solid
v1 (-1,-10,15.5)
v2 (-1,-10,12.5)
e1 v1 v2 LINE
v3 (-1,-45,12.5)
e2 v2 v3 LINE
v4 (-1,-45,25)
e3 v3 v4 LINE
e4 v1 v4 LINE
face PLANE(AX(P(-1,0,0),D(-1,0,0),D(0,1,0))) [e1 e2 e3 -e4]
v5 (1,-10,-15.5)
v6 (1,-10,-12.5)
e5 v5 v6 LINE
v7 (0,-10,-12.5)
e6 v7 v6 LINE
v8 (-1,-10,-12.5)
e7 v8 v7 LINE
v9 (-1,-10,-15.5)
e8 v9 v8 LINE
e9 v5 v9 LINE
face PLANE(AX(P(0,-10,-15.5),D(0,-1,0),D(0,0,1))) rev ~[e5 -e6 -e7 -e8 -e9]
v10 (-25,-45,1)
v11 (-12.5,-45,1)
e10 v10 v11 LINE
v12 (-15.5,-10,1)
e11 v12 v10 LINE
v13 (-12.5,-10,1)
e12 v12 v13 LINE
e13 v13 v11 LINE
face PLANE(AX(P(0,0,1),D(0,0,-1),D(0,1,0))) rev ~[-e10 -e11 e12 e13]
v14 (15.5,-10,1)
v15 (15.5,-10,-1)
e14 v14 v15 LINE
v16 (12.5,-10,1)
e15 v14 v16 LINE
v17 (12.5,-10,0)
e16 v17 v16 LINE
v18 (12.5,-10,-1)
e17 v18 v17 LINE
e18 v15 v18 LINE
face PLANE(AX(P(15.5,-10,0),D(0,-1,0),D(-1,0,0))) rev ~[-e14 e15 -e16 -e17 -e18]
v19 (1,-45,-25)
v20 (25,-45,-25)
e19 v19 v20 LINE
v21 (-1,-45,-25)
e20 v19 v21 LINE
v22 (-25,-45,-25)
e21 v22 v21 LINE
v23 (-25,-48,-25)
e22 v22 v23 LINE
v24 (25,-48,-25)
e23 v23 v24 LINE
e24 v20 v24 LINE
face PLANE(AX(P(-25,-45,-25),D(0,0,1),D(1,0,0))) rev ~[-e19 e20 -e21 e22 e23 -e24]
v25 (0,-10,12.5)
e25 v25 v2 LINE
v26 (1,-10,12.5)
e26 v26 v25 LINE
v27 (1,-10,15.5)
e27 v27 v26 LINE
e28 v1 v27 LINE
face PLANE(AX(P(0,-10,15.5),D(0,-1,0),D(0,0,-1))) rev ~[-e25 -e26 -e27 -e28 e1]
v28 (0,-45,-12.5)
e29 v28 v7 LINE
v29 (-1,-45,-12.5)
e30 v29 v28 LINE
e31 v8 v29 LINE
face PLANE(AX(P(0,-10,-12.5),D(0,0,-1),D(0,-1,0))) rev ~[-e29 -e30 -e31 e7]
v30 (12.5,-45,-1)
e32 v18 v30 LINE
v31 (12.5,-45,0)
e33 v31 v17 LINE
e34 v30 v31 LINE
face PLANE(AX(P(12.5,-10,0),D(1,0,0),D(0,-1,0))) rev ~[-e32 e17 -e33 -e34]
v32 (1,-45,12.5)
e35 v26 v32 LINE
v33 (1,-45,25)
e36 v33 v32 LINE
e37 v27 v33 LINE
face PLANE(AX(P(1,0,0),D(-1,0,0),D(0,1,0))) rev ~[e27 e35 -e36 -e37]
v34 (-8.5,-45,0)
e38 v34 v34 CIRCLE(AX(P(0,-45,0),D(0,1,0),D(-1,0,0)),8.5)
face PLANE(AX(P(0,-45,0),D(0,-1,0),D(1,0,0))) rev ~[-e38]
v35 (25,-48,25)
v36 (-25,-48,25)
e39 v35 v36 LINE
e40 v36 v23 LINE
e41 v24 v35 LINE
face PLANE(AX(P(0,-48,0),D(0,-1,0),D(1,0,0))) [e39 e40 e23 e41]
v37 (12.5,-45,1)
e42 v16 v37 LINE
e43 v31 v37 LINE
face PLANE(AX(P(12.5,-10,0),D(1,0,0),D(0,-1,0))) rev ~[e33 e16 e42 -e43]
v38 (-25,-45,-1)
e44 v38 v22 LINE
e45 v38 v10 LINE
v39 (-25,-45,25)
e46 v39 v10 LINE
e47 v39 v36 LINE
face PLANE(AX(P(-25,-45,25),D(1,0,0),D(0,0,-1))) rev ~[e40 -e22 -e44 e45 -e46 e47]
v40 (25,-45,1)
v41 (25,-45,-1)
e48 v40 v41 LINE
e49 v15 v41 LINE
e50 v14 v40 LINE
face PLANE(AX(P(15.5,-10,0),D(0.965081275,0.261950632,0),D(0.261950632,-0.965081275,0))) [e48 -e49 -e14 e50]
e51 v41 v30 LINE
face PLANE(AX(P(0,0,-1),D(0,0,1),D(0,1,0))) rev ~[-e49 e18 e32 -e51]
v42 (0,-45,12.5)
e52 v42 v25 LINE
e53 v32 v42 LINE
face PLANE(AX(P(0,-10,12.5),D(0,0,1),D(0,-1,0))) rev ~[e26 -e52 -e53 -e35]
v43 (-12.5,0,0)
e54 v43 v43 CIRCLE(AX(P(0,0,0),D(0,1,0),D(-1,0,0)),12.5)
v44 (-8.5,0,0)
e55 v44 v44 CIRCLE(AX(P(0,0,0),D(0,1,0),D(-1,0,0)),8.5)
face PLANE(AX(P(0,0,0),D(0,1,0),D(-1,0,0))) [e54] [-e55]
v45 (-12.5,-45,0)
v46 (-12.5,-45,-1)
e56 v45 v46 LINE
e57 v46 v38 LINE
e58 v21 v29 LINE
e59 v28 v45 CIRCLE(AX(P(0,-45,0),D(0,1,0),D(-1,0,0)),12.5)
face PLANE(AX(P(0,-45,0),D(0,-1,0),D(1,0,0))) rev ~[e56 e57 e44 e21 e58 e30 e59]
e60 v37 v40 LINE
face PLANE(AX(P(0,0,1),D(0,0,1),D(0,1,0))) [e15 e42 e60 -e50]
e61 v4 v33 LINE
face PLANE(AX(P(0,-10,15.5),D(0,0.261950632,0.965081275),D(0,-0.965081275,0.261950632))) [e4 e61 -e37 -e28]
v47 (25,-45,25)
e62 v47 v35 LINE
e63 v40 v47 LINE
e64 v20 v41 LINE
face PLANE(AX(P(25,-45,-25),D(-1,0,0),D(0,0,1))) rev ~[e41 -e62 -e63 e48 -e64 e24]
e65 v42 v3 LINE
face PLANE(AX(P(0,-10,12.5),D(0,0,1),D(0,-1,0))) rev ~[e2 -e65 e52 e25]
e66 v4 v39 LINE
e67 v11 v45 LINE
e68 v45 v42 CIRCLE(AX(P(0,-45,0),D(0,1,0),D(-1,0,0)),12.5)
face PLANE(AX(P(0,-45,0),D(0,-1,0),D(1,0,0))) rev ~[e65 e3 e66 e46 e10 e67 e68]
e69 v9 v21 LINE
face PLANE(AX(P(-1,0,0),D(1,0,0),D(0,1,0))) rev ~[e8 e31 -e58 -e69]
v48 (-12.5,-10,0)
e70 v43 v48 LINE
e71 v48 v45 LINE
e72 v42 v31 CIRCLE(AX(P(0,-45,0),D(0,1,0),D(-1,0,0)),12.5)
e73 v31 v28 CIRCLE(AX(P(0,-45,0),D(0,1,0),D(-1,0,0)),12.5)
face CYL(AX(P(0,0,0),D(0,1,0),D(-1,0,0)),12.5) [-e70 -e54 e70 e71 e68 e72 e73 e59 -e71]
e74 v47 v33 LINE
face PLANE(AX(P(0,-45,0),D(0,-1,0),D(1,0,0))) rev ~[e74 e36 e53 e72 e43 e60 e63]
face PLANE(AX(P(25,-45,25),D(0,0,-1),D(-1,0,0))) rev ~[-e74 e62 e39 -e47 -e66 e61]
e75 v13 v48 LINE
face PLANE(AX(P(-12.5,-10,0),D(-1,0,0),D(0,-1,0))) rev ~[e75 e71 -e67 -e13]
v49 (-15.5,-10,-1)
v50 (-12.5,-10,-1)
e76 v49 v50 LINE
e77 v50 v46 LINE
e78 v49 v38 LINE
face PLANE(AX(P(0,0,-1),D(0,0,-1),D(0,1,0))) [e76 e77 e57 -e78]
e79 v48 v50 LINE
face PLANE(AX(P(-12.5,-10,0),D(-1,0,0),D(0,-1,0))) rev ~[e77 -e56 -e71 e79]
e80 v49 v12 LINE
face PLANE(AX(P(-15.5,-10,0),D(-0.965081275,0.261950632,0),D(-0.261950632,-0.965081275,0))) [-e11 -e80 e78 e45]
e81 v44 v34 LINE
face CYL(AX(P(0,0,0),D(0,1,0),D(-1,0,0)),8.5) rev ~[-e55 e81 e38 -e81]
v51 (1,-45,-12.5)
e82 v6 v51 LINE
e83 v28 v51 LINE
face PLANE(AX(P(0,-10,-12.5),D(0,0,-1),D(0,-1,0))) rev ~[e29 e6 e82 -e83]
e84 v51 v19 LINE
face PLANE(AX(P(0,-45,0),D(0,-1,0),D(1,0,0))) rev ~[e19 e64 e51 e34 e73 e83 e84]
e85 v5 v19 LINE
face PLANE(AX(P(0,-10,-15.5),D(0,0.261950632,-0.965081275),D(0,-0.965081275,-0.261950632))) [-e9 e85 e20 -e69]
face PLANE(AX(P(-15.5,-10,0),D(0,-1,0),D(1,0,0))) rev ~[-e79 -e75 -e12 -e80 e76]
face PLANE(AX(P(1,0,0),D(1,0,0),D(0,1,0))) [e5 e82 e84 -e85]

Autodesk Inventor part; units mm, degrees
ref_plane "YZ Plane" through (0, 0, 0) normal (1, 0, 0) x (0, 1, 0)
ref_plane "XZ Plane" through (0, 0, 0) normal (0, 1, 0) x (-1, 0, 0)
ref_plane "XY Plane" through (0, 0, 0) normal (0, 0, 1) x (1, 0, 0)
sketch "Sketch1" plane through (0, 0, 0) normal (0, 1, 0) x (-1, 0, 0)
  circle A0 centre (0, 0) radius 12.5
  circle A1 centre (0, 0) radius 8.5
  dimension "d0" = 25
  dimension "d1" = 4
extrude "Extrusion1" add sketch "Sketch1" against normal blind 45
sketch "Sketch2" plane through (0, -45, 0) normal (0, -1, 0) x (1, 0, 0)
  line L0 (-25, -25) -> (25, -25)
  line L1 (25, -25) -> (25, 25)
  line L2 (25, 25) -> (-25, 25)
  line L3 (-25, 25) -> (-25, -25)
  line L4 (-25, -25) -> (25, 25) construction
  line L5 (25, -25) -> (-25, 25) construction
  point P0 (0, 0)
  dimension "d4" = 50
  dimension "d5" = 50
extrude "Extrusion2" add sketch "Sketch2" along normal blind 3
sketch "Sketch3" plane through (0, 0, 0) normal (1, 0, 0) x (0, 1, 0)
  line L0 (0, -12.5) -> (-45, -12.5) construction
  line L1 (-45, 25) -> (-45, -25) construction
  line L2 (-10, -12.5) -> (-45, -12.5)
  line L3 (-45, -12.5) -> (-45, -15.5)
  line L4 (-45, -15.5) -> (-10, -15.5)
  line L5 (-10, -15.5) -> (-10, -12.5)
  line L6 (-10, -15.5) -> (-45, -25)
  line L7 (-45, -25) -> (-45, -15.5)
  point P0 (0, 0)
  dimension "d8" = 3
  dimension "d9" = 10
extrude "Extrusion3" add sketch "Sketch3" along normal mid plane 2
pattern_circular "Circular Pattern1" count 4 over 360 about axis through (0, -10, 0) along (0, 1, 0) of "Extrusion3"
properties part number "pin_sleeve"
